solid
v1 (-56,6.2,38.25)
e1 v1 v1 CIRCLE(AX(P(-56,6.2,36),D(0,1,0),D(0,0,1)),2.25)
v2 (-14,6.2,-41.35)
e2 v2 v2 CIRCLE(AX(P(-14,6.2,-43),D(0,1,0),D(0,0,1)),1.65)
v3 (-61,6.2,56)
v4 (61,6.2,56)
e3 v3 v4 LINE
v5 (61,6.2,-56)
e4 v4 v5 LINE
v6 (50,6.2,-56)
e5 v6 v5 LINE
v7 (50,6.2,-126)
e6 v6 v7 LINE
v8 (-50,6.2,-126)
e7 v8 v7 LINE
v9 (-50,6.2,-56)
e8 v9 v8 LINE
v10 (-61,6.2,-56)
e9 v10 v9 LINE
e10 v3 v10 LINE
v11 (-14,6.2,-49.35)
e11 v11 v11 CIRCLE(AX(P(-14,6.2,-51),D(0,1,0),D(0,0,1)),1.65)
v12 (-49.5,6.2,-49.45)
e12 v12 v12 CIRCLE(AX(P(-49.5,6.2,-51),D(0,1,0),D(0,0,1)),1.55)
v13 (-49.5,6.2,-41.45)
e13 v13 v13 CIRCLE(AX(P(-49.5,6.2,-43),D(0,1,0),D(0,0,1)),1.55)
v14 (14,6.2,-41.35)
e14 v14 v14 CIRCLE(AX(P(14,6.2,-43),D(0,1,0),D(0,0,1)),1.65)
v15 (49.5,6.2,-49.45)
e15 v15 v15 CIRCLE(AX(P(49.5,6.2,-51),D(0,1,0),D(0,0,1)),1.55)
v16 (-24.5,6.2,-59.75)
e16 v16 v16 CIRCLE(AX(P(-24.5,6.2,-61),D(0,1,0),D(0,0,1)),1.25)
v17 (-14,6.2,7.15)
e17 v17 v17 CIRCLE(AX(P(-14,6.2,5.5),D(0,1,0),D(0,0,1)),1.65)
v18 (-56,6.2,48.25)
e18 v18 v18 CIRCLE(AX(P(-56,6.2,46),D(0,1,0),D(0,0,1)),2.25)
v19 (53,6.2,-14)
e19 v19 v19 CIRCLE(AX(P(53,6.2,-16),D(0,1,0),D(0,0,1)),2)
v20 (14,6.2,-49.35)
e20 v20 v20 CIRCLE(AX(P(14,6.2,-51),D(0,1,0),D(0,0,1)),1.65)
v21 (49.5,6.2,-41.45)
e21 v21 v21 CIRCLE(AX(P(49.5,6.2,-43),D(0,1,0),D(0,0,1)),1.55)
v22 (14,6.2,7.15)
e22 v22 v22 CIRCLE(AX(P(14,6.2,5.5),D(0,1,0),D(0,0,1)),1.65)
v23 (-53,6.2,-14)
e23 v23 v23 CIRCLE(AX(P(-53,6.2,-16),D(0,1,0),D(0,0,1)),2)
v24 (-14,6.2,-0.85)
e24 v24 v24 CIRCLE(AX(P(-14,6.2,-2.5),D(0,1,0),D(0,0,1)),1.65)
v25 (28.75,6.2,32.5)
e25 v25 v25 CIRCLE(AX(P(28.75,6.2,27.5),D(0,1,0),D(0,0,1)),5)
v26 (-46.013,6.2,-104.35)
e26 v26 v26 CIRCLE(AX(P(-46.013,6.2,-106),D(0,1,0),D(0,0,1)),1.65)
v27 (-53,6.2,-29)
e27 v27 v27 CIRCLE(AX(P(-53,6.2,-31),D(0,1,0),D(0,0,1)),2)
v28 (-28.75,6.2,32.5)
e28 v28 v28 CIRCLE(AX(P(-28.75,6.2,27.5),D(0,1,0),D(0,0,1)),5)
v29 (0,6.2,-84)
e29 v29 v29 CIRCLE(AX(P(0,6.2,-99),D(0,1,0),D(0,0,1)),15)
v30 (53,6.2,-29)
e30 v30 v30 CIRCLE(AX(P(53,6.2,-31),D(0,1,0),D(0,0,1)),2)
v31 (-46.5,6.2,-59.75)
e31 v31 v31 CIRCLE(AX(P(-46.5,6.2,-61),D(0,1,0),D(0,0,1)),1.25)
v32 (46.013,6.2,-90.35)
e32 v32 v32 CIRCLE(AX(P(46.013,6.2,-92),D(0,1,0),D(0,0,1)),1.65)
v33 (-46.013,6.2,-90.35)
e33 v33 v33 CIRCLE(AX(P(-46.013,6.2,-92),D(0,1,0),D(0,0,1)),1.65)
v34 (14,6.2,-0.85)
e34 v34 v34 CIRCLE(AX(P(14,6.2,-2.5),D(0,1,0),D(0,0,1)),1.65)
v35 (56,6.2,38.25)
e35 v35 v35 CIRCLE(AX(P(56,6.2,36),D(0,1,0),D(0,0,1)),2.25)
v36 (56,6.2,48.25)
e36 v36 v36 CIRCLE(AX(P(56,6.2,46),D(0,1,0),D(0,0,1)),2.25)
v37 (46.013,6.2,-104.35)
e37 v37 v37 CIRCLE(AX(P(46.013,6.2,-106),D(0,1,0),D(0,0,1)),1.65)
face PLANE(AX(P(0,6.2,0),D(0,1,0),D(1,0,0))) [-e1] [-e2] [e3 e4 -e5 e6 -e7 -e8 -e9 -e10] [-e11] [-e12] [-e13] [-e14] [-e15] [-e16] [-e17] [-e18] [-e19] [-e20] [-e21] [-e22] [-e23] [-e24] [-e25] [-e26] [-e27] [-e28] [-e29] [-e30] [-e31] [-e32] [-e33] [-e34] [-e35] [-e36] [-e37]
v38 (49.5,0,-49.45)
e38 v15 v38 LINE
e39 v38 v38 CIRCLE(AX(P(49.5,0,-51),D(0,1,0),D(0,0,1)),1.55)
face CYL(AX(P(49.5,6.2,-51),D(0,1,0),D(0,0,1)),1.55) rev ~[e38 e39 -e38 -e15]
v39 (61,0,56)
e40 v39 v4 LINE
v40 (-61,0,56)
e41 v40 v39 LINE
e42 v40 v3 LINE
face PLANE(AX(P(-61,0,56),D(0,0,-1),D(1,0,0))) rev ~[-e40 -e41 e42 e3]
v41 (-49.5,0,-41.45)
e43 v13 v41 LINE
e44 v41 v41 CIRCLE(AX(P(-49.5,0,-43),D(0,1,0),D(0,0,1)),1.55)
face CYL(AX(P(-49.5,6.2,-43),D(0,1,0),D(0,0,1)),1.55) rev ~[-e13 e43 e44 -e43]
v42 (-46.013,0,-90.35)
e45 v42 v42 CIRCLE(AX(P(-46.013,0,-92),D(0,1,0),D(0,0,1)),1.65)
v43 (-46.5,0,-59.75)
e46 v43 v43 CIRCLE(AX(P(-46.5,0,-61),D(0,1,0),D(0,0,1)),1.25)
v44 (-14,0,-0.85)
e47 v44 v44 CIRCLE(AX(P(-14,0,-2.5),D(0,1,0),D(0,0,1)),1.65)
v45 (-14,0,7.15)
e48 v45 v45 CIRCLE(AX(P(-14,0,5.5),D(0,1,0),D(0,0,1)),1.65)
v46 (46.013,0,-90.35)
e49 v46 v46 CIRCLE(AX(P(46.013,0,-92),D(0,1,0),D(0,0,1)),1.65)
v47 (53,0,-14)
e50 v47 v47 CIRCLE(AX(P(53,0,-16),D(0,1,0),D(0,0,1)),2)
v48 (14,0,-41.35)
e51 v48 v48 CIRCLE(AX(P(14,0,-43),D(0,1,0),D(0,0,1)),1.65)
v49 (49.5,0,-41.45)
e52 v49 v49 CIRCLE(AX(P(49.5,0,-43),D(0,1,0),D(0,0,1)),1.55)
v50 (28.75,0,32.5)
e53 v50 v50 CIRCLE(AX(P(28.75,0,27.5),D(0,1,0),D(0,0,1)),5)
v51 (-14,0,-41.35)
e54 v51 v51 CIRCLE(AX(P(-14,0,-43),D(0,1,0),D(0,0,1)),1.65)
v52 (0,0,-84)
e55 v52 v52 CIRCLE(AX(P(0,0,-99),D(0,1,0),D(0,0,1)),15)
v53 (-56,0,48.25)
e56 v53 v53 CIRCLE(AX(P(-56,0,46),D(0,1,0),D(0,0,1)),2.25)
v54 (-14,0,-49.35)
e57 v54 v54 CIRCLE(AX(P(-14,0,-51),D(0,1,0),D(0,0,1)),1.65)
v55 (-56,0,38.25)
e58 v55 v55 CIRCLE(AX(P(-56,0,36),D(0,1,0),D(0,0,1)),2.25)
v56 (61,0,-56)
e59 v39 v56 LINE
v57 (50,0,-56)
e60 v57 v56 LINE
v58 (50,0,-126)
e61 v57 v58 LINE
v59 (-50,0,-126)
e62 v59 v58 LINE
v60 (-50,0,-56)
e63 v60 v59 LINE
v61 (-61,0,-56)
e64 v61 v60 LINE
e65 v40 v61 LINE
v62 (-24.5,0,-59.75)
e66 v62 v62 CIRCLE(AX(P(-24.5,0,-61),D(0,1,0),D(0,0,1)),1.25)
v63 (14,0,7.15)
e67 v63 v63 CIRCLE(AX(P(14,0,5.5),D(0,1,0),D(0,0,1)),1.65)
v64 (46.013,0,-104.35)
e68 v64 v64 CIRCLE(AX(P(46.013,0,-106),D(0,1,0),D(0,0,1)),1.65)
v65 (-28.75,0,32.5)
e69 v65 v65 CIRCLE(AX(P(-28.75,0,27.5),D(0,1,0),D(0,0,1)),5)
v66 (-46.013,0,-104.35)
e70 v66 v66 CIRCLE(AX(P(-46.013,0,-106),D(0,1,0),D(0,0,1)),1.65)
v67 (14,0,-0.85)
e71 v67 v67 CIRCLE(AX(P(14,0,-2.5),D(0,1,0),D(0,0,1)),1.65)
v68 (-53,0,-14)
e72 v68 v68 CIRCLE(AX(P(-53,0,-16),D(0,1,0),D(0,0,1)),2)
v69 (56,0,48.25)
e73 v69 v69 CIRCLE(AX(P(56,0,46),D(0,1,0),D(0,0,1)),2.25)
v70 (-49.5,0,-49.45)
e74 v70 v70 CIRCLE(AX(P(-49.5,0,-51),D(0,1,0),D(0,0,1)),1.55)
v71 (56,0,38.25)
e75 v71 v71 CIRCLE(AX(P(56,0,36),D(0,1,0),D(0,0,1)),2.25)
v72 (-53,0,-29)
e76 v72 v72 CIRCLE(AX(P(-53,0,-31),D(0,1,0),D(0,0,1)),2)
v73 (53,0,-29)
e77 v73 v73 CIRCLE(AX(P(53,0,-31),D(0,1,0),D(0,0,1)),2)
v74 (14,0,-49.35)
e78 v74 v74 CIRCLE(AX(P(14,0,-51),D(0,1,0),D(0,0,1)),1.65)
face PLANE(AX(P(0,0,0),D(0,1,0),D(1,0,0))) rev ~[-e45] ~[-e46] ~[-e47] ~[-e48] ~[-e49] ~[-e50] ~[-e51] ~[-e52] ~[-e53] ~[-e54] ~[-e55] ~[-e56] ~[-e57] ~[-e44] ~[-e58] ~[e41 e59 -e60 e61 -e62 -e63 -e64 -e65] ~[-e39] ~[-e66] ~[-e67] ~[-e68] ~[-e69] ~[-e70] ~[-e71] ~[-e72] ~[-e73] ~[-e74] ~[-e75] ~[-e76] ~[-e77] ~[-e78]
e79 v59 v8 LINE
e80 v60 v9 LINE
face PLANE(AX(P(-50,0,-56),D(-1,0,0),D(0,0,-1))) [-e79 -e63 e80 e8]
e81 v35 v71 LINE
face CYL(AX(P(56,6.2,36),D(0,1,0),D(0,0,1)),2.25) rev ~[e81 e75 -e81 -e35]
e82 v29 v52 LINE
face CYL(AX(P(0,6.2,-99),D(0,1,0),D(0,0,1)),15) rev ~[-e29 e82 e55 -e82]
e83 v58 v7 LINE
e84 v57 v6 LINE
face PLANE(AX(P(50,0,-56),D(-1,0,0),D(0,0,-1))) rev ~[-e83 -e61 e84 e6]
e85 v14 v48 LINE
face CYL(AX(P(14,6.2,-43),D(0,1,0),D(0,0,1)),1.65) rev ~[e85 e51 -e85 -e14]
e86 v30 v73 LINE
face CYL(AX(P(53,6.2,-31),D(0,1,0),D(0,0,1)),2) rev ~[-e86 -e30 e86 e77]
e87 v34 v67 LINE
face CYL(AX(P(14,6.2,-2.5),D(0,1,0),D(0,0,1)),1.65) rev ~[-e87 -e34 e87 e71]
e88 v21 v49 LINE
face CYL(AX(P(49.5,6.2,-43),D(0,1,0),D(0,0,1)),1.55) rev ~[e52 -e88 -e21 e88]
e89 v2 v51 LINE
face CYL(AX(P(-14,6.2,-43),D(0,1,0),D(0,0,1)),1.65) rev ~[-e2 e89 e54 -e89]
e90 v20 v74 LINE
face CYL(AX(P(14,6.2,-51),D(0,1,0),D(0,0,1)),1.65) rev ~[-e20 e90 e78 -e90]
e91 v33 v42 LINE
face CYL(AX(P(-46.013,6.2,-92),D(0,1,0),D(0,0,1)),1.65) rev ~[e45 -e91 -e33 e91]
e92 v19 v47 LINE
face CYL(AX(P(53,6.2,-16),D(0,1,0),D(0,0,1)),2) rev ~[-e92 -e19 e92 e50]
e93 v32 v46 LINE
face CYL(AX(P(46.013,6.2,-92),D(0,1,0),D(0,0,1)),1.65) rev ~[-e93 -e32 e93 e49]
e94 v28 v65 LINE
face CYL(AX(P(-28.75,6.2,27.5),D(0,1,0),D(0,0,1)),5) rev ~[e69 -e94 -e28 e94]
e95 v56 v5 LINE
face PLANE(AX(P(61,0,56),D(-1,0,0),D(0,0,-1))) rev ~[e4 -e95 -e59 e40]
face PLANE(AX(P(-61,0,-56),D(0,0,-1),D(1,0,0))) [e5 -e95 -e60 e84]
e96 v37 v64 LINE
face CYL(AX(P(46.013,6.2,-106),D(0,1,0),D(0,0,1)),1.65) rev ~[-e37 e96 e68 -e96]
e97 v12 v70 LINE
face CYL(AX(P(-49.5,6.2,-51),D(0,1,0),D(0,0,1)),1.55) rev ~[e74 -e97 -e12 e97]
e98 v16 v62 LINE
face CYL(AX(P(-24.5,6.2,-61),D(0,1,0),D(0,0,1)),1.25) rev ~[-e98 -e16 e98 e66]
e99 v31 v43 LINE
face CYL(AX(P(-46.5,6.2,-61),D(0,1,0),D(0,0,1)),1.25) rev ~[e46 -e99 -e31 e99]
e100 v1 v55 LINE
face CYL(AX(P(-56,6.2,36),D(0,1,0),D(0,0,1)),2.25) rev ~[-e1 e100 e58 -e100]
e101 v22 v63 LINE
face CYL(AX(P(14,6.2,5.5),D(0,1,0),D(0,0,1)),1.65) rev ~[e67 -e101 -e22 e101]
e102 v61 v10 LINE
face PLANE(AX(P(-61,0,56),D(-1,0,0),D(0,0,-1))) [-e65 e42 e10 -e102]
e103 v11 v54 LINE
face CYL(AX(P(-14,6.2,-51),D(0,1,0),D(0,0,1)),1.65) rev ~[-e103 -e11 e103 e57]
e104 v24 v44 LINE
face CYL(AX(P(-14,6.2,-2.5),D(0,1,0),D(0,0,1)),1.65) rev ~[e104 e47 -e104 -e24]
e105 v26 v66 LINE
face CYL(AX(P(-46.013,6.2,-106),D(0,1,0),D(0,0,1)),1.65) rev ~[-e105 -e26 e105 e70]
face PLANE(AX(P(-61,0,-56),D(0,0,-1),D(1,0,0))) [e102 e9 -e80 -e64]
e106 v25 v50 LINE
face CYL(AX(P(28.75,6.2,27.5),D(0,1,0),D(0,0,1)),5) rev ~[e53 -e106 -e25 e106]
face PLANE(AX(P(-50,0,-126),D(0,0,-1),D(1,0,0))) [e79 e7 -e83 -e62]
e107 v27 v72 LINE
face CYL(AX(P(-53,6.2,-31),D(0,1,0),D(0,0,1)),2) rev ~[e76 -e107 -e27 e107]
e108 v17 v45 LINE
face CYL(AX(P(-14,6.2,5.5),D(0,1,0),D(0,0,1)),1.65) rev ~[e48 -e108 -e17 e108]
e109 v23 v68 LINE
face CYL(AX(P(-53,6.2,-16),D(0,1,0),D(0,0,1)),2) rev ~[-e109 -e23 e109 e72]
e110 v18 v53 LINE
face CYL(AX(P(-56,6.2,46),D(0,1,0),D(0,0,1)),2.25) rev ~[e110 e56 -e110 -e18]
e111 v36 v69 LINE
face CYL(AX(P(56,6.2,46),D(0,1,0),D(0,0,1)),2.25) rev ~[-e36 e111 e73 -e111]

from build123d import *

# Parameters (mm, degrees)
SKETCH1_W           = 122
SKETCH1_H           = 112
BOSS_EXTRUDE1_DEPTH = 6.2
SKETCH2_W           = 100
SKETCH2_H           = 70
BOSS_EXTRUDE2_DEPTH = 6.2
SKETCH3_R           = 1.25
SKETCH3_R_2         = 1.65
SKETCH3_R_3         = 15
CUT_EXTRUDE1_DEPTH  = 141.126514265
SKETCH4_R           = 1.55
SKETCH4_R_2         = 1.65
CUT_EXTRUDE2_DEPTH  = 141.126514265
SKETCH5_R           = 2
CUT_EXTRUDE3_DEPTH  = 10
SKETCH6_R           = 5
CUT_EXTRUDE4_DEPTH  = 10
SKETCH7_R           = 2.25
CUT_EXTRUDE5_DEPTH  = 141.126514265


with BuildPart() as part:
    # Sketch1 → Boss-Extrude1 (new body)
    with BuildSketch(Plane(origin=(0, 0, 0), x_dir=(1, 0, 0), z_dir=(0, 1, 0))):
        Rectangle(SKETCH1_W, SKETCH1_H)
    extrude(amount=BOSS_EXTRUDE1_DEPTH)

    # Sketch2 → Boss-Extrude2 (add)
    with BuildSketch(Plane(origin=(0, 0, 0), x_dir=(1, 0, 0), z_dir=(0, 1, 0))):
        with Locations((0, 91)):
            Rectangle(SKETCH2_W, SKETCH2_H)
    extrude(amount=BOSS_EXTRUDE2_DEPTH)

    # Sketch3 → Cut-Extrude1 (cut, through all)
    with BuildSketch(Plane(origin=(0, 6.2, 0), x_dir=(1, 0, 0), z_dir=(0, 1, 0))):
        with Locations(Location((-46.5, 61, 0), (0, 0, 270))):
            Circle(SKETCH3_R)
        with Locations(Location((-24.5, 61, 0), (0, 0, 270))):
            Circle(SKETCH3_R)
        with Locations(Location((-46.013, 106, 0), (0, 0, 270))):
            Circle(SKETCH3_R_2)
        with Locations(Location((0, 99, 0), (0, 0, 270))):
            Circle(SKETCH3_R_3)
        with Locations(Location((-46.013, 92, 0), (0, 0, 270))):
            Circle(SKETCH3_R_2)
        with Locations(Location((46.013, 92, 0), (0, 0, 270))):
            Circle(SKETCH3_R_2)
        with Locations(Location((46.013, 106, 0), (0, 0, 270))):
            Circle(SKETCH3_R_2)
    extrude(amount=-CUT_EXTRUDE1_DEPTH, mode=Mode.SUBTRACT)

    # Sketch4 → Cut-Extrude2 (cut, through all)
    with BuildSketch(Plane(origin=(0, 6.2, 0), x_dir=(1, 0, 0), z_dir=(0, 1, 0))):
        with Locations(Location((-49.5, 51, 0), (0, 0, 270))):
            Circle(SKETCH4_R)
        with Locations(Location((-49.5, 43, 0), (0, 0, 270))):
            Circle(SKETCH4_R)
        with Locations(Location((-14, 2.5, 0), (0, 0, 270))):
            Circle(SKETCH4_R_2)
        with Locations(Location((14, 2.5, 0), (0, 0, 270))):
            Circle(SKETCH4_R_2)
        with Locations(Location((14, -5.5, 0), (0, 0, 270))):
            Circle(SKETCH4_R_2)
        with Locations(Location((-14, -5.5, 0), (0, 0, 270))):
            Circle(SKETCH4_R_2)
        with Locations(Location((-14, 51, 0), (0, 0, 270))):
            Circle(SKETCH4_R_2)
        with Locations(Location((14, 51, 0), (0, 0, 270))):
            Circle(SKETCH4_R_2)
        with Locations(Location((14, 43, 0), (0, 0, 270))):
            Circle(SKETCH4_R_2)
        with Locations(Location((-14, 43, 0), (0, 0, 270))):
            Circle(SKETCH4_R_2)
        with Locations(Location((49.5, 43, 0), (0, 0, 270))):
            Circle(SKETCH4_R)
        with Locations(Location((49.5, 51, 0), (0, 0, 270))):
            Circle(SKETCH4_R)
    extrude(amount=-CUT_EXTRUDE2_DEPTH, mode=Mode.SUBTRACT)

    # Sketch5 → Cut-Extrude3 (cut)
    with BuildSketch(Plane(origin=(0, 6.2, 0), x_dir=(1, 0, 0), z_dir=(0, 1, 0))):
        with Locations(Location((-53, 31, 0), (0, 0, 270))):
            Circle(SKETCH5_R)
        with Locations(Location((-53, 16, 0), (0, 0, 270))):
            Circle(SKETCH5_R)
        with Locations(Location((53, 16, 0), (0, 0, 270))):
            Circle(SKETCH5_R)
        with Locations(Location((53, 31, 0), (0, 0, 270))):
            Circle(SKETCH5_R)
    extrude(amount=-CUT_EXTRUDE3_DEPTH, mode=Mode.SUBTRACT)

    # Sketch6 → Cut-Extrude4 (cut)
    with BuildSketch(Plane(origin=(0, 6.2, 0), x_dir=(1, 0, 0), z_dir=(0, 1, 0))):
        with Locations(Location((-28.75, -27.5, 0), (0, 0, 270))):
            Circle(SKETCH6_R)
        with Locations(Location((28.75, -27.5, 0), (0, 0, 270))):
            Circle(SKETCH6_R)
    extrude(amount=-CUT_EXTRUDE4_DEPTH, mode=Mode.SUBTRACT)

    # Sketch7 → Cut-Extrude5 (cut, through all)
    with BuildSketch(Plane(origin=(0, 6.2, 0), x_dir=(1, 0, 0), z_dir=(0, 1, 0))):
        with Locations(Location((-56, -36, 0), (0, 0, 270))):
            Circle(SKETCH7_R)
        with Locations(Location((-56, -46, 0), (0, 0, 270))):
            Circle(SKETCH7_R)
        with Locations(Location((56, -46, 0), (0, 0, 270))):
            Circle(SKETCH7_R)
        with Locations(Location((56, -36, 0), (0, 0, 270))):
            Circle(SKETCH7_R)
    extrude(amount=-CUT_EXTRUDE5_DEPTH, mode=Mode.SUBTRACT)


solid = part.part
